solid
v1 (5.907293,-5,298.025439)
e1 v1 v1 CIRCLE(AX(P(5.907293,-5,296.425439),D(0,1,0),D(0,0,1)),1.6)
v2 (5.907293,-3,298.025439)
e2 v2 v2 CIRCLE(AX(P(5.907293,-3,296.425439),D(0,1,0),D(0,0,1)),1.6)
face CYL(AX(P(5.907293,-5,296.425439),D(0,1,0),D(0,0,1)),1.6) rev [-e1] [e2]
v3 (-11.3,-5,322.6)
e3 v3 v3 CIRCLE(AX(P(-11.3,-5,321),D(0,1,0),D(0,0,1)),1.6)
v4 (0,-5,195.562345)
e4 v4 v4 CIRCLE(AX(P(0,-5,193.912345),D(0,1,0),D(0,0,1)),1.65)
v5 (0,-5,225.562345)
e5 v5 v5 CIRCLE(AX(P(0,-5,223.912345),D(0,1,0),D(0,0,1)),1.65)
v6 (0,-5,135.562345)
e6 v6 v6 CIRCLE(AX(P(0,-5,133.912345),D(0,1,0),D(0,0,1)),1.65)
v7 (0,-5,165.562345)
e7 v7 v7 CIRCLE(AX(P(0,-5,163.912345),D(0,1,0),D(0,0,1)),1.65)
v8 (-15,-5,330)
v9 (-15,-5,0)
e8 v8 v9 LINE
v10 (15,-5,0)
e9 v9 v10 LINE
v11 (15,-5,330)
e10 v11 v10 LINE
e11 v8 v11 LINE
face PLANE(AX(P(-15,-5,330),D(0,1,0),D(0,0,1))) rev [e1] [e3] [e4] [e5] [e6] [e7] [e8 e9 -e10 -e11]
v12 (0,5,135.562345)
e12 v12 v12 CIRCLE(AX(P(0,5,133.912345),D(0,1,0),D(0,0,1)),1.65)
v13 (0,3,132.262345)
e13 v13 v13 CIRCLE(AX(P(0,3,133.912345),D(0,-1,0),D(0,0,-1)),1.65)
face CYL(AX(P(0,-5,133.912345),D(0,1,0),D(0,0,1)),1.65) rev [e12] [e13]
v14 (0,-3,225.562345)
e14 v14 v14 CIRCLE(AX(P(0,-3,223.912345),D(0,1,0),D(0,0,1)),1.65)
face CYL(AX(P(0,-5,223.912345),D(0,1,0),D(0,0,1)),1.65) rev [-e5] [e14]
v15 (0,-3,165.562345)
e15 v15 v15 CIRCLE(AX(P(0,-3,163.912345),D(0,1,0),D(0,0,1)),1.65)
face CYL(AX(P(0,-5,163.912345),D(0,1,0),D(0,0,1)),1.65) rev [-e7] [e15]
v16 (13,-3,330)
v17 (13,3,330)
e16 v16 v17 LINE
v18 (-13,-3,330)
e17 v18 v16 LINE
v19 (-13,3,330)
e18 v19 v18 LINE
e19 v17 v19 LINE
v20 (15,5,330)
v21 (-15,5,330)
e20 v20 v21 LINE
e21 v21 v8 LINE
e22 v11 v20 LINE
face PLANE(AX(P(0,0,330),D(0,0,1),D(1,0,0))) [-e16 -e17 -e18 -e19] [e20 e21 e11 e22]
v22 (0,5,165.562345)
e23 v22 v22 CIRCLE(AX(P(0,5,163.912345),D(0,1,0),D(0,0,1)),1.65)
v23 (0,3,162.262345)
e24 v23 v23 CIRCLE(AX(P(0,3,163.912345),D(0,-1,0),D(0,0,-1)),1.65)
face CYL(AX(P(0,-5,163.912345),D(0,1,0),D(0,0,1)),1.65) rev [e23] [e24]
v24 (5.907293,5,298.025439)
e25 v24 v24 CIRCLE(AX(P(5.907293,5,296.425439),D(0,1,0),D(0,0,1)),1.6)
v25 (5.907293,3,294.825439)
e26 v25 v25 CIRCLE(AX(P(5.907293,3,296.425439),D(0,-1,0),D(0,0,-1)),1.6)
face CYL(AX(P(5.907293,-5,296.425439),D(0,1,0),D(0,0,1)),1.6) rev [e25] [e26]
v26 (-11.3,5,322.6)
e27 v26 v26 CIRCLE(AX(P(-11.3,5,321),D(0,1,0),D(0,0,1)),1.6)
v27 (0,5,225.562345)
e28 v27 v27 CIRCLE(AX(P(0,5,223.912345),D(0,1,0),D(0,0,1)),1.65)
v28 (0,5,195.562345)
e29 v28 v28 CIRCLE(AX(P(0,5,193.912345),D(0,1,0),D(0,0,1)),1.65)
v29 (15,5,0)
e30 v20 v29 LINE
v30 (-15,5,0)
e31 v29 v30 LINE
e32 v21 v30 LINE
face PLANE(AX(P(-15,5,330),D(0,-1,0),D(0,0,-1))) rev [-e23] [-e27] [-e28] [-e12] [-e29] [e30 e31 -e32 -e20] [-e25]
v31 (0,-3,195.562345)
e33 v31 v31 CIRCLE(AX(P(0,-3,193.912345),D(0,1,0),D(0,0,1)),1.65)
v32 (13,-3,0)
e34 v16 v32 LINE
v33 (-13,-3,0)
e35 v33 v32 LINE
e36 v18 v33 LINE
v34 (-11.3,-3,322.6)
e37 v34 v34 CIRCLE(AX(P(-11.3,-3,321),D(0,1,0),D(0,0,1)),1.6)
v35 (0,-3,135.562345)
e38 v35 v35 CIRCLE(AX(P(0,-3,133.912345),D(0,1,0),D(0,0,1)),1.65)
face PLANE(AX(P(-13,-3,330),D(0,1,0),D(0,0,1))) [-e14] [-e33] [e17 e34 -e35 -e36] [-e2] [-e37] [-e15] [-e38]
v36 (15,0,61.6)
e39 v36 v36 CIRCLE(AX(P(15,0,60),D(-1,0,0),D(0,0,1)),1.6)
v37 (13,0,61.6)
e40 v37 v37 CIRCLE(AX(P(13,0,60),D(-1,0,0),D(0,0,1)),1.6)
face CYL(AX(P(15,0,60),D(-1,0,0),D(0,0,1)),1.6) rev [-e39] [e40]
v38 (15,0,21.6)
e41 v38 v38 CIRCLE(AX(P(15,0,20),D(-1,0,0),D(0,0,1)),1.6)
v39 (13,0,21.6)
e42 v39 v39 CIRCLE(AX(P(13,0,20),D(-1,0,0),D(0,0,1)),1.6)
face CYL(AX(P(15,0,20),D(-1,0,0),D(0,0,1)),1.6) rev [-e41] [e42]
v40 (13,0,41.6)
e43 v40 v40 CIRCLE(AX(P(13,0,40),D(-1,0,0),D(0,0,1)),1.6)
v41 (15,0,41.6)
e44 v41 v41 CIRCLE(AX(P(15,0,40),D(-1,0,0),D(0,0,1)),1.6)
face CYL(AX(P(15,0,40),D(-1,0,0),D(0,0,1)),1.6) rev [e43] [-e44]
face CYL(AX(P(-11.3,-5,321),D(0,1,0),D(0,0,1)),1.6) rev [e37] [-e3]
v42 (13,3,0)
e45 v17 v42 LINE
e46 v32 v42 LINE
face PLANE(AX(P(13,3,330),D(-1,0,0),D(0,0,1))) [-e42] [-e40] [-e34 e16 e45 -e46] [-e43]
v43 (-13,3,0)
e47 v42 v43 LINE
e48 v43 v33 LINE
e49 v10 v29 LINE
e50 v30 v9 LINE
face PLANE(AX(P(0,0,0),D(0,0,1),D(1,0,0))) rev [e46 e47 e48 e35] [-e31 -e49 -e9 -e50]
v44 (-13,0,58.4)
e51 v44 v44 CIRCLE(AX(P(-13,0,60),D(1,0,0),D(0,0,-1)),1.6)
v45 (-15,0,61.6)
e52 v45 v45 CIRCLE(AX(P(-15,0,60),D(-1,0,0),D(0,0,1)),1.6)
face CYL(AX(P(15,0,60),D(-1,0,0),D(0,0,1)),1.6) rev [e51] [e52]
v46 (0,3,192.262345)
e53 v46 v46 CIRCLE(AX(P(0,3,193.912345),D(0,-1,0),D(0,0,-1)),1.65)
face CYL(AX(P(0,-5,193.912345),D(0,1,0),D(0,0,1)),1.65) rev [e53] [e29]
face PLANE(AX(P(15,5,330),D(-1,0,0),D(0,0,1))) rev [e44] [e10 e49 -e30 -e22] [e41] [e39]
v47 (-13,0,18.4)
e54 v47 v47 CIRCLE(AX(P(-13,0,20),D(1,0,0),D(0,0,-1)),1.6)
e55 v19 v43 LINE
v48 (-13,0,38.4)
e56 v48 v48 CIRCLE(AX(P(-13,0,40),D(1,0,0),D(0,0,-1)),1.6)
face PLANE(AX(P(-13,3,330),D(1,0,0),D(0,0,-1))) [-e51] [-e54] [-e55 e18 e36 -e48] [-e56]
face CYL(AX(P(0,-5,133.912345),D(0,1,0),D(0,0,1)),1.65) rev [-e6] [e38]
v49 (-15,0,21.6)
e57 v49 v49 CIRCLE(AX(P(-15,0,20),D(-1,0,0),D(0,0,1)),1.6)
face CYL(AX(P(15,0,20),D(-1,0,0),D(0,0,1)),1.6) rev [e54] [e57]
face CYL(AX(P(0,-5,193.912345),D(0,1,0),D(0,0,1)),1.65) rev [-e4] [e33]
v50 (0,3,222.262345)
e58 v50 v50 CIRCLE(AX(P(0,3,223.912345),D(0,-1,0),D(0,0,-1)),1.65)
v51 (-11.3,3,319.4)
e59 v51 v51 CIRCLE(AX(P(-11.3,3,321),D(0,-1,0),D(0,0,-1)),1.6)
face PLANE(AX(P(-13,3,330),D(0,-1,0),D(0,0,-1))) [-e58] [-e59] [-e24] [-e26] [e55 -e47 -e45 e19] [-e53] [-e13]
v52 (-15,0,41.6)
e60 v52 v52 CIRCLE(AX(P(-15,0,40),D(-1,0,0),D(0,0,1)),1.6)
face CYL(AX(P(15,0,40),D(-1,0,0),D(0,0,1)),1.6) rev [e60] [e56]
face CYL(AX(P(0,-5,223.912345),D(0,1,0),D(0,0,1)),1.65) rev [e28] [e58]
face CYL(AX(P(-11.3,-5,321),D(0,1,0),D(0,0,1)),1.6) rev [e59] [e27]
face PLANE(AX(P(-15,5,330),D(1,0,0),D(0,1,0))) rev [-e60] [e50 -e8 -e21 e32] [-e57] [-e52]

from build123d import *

# Parameters (mm, degrees)
SKETCH_1_W          = 30
SKETCH_1_H          = 10
SKETCH_1_W_2        = 26
SKETCH_1_H_2        = 6
EXTRUDE_1_DEPTH     = 330
SKETCH_2_R          = 1.6
CUT_EXTRUDE_1_DEPTH = 331.492057393
SKETCH_3_R          = 1.6
SKETCH_3_R_2        = 1.65
CUT_EXTRUDE_2_DEPTH = 331.492057393
SKETCH_4_R          = 1.6
CUT_EXTRUDE_3_DEPTH = 332.398551596


with BuildPart() as part:
    # 草图1 → 凸台-拉伸1 (new body)
    with BuildSketch(Plane.XY):
        Rectangle(SKETCH_1_W, SKETCH_1_H)
        Rectangle(SKETCH_1_W_2, SKETCH_1_H_2, mode=Mode.SUBTRACT)
    extrude(amount=EXTRUDE_1_DEPTH)

    # 草图2 → 切除-拉伸1 (cut, through all)
    with BuildSketch(Plane(origin=(0, 5, 0), x_dir=(1, 0, 0), z_dir=(0, 1, 0))):
        with Locations(Location((-11.3, -321, 0), (0, 0, 270))):
            Circle(SKETCH_2_R)
    extrude(amount=-CUT_EXTRUDE_1_DEPTH, mode=Mode.SUBTRACT)

    # 草图3 → 切除-拉伸2 (cut, through all)
    with BuildSketch(Plane(origin=(0, 5, 0), x_dir=(1, 0, 0), z_dir=(0, 1, 0))):
        with Locations(Location((5.907293091, -296.425438671, 0), (0, 0, 270))):
            Circle(SKETCH_3_R)
        with Locations(Location((0, -163.912345182, 0), (0, 0, 270))):
            Circle(SKETCH_3_R_2)
        with Locations(Location((0, -133.912345182, 0), (0, 0, 270))):
            Circle(SKETCH_3_R_2)
        with Locations(Location((0, -223.912345182, 0), (0, 0, 270))):
            Circle(SKETCH_3_R_2)
        with Locations(Location((0, -193.912345182, 0), (0, 0, 270))):
            Circle(SKETCH_3_R_2)
    extrude(amount=-CUT_EXTRUDE_2_DEPTH, mode=Mode.SUBTRACT)

    # 草图4 → 切除-拉伸3 (cut, through all)
    with BuildSketch(Plane.ZY.offset(15)):
        with Locations((20, 0)):
            Circle(SKETCH_4_R)
        with Locations((40, 0)):
            Circle(SKETCH_4_R)
        with Locations((60, 0)):
            Circle(SKETCH_4_R)
    extrude(amount=-CUT_EXTRUDE_3_DEPTH, mode=Mode.SUBTRACT)


solid = part.part
